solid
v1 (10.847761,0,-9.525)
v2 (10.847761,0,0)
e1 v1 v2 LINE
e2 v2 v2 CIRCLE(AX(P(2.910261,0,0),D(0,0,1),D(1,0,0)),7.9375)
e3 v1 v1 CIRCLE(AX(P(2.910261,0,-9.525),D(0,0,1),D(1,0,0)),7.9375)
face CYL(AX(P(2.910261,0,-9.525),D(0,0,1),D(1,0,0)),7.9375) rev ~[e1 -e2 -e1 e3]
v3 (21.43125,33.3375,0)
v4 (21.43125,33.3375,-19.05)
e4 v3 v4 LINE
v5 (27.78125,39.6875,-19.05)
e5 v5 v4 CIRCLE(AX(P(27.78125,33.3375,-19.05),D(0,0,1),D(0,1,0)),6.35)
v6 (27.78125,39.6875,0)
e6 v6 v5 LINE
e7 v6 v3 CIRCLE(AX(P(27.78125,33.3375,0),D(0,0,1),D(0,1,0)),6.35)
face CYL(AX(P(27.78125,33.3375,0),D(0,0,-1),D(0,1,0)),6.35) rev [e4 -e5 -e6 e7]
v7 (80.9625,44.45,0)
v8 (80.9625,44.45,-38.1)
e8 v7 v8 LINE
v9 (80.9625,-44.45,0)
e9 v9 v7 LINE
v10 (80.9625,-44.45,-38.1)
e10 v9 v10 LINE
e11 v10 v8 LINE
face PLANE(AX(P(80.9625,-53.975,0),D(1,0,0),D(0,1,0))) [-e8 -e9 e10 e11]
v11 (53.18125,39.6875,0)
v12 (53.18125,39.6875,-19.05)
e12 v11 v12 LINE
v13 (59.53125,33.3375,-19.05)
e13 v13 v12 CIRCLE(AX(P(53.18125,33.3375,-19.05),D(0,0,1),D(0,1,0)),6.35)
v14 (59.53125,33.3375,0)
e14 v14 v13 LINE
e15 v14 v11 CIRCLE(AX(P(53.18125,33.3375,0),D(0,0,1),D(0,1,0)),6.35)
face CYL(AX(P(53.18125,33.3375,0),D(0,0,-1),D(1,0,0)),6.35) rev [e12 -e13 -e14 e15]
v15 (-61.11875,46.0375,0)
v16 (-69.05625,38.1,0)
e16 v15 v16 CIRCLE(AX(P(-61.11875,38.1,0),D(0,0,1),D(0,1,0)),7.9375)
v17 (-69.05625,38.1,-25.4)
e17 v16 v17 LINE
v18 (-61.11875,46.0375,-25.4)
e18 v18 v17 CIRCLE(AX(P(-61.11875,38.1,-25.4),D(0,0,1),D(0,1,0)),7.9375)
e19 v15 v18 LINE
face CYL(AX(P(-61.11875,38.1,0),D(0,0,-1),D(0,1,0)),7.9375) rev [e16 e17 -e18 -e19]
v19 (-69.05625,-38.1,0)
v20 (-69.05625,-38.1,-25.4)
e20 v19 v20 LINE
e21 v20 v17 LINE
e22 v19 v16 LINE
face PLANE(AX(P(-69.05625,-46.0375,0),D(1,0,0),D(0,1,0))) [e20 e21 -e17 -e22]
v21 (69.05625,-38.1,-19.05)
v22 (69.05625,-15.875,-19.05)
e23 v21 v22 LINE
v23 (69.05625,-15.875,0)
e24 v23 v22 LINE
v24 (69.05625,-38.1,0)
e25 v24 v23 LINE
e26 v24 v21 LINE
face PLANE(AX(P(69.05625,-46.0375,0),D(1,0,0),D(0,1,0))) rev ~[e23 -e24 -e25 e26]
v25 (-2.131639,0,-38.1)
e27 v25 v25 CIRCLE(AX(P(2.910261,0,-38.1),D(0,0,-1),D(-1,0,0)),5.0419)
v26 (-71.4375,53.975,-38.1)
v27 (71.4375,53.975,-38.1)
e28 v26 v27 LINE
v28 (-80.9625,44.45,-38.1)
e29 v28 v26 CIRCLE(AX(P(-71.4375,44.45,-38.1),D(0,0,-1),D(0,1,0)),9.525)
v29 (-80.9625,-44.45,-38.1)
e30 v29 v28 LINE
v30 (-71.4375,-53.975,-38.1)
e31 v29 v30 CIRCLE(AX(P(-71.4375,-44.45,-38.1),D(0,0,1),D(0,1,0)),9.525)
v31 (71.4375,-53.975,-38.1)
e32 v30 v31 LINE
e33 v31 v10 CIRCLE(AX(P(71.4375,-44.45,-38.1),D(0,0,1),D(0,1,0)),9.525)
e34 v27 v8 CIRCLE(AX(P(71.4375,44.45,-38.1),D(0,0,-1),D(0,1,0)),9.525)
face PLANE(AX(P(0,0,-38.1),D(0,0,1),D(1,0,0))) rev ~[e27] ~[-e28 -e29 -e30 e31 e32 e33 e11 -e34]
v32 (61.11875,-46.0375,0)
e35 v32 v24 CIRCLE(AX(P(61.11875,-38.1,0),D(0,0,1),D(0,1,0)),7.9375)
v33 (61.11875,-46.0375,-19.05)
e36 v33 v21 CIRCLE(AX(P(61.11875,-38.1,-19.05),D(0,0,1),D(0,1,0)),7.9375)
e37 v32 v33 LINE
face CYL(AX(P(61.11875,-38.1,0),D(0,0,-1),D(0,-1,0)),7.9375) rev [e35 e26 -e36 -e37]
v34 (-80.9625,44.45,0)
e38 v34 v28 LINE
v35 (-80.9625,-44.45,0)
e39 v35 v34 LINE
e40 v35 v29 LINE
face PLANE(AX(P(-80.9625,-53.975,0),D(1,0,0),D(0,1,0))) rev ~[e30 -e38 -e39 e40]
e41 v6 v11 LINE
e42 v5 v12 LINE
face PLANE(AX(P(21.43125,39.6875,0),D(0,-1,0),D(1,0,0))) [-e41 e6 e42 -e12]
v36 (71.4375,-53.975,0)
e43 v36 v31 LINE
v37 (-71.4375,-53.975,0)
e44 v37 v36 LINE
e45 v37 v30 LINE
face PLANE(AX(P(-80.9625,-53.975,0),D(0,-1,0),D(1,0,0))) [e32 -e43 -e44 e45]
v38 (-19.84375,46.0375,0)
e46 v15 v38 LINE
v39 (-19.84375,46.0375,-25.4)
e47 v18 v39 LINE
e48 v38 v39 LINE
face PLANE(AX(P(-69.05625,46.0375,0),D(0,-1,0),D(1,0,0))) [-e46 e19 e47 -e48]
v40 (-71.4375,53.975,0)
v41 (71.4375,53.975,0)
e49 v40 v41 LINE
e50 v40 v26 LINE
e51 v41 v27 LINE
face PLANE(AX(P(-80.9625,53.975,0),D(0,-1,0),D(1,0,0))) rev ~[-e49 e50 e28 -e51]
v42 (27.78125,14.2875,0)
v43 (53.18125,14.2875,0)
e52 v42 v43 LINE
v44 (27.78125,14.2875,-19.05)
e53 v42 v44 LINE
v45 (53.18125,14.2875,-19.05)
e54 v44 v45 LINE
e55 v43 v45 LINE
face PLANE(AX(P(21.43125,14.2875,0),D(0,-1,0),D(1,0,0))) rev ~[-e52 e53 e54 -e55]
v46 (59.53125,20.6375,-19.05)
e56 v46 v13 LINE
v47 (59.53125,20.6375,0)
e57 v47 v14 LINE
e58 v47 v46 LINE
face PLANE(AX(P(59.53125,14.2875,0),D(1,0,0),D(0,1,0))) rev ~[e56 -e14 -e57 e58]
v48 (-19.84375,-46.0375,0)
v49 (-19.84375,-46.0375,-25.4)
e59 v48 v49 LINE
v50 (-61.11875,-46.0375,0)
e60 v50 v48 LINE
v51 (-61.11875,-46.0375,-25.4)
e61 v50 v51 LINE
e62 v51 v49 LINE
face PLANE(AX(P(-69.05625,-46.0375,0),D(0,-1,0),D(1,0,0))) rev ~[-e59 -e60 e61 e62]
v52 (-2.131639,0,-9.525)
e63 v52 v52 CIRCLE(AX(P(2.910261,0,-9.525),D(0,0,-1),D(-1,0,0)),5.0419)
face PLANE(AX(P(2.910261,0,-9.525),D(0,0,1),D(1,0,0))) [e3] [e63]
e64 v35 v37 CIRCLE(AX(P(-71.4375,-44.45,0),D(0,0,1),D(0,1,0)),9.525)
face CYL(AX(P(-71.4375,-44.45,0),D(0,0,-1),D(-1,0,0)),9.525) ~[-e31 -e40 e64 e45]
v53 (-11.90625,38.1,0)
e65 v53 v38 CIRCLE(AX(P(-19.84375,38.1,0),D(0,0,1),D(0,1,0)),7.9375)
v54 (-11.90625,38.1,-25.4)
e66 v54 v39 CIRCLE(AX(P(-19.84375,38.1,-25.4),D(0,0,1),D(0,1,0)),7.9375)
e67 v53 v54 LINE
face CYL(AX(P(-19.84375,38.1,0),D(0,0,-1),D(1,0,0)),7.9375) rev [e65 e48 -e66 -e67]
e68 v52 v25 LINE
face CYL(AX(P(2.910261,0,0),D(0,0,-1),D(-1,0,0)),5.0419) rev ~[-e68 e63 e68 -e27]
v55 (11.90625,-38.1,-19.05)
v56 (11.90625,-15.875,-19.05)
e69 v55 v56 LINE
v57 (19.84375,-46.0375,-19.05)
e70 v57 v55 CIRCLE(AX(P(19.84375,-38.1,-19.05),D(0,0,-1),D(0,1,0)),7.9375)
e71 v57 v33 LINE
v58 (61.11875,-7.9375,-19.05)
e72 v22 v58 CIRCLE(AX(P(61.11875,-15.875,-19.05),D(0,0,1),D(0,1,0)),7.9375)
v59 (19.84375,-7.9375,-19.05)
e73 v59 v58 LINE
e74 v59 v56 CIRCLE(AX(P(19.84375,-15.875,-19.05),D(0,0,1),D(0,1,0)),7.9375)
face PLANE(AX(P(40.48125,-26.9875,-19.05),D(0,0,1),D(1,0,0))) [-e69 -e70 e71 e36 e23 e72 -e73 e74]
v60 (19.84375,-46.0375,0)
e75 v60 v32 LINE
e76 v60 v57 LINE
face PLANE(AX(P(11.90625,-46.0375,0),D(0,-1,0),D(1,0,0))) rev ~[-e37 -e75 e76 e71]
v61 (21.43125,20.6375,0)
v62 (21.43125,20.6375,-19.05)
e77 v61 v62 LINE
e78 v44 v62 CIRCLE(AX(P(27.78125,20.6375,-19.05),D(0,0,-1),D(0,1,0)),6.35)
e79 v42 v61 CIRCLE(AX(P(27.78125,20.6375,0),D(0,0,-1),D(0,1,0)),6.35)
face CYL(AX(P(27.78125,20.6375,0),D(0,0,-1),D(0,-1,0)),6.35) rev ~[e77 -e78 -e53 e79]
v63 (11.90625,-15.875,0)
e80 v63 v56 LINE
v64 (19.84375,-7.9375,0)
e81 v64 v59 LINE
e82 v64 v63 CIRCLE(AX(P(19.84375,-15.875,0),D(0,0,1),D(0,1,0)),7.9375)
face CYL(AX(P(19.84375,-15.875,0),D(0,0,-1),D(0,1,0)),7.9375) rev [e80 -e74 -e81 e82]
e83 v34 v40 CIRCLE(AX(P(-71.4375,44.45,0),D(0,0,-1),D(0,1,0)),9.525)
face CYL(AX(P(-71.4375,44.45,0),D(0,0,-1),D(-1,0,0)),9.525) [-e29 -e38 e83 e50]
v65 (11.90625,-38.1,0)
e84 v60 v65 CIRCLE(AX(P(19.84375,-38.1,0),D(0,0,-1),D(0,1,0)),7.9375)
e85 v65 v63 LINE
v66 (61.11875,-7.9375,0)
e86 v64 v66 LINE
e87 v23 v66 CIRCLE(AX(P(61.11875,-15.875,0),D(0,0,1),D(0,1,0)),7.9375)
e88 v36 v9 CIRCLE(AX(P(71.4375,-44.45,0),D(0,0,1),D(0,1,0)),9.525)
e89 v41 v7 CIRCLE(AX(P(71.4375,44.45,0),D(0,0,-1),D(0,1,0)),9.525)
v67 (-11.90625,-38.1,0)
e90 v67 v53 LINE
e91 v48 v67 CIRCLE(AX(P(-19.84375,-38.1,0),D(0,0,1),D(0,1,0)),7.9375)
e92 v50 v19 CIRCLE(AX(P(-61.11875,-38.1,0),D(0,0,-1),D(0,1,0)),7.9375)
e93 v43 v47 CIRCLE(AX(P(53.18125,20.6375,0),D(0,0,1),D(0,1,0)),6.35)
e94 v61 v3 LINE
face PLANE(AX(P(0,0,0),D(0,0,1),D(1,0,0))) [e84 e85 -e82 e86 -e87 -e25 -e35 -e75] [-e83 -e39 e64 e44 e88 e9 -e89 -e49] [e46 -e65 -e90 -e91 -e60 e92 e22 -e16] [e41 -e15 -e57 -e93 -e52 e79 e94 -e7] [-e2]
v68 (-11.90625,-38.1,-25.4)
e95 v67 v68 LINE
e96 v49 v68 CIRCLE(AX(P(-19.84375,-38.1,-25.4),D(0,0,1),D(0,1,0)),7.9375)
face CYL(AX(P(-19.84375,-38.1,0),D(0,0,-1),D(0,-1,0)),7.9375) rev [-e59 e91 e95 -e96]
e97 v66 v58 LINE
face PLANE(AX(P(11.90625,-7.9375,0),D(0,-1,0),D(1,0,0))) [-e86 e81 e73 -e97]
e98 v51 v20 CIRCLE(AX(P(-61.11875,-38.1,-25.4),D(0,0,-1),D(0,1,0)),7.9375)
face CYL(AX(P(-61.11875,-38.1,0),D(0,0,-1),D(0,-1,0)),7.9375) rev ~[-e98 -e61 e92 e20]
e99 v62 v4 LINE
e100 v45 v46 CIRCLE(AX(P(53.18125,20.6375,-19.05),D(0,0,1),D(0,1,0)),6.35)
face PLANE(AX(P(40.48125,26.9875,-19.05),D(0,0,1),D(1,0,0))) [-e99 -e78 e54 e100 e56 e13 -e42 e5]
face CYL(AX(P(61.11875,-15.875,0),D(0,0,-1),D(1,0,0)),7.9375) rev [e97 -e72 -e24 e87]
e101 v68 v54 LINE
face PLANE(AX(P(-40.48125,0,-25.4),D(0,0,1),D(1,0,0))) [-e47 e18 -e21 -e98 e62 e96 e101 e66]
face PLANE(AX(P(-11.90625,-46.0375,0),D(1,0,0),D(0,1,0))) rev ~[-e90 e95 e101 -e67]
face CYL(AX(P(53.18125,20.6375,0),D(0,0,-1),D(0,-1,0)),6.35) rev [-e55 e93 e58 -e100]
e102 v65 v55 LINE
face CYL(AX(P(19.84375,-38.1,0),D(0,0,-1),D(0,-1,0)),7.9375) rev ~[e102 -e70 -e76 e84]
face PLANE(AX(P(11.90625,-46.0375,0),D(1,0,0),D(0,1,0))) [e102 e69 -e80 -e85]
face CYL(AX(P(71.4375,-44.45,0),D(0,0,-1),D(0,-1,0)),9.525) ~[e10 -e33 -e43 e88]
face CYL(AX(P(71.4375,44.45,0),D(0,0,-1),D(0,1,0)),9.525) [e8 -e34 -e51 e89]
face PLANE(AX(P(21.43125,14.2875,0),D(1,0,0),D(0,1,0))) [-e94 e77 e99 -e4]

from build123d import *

# Parameters (mm, degrees)
SKETCH1_W                                        = 161.925
SKETCH1_H                                        = 107.95
BOSS_EXTRUDE1_DEPTH                              = 38.1
SKETCH2_W                                        = 57.15
SKETCH2_H                                        = 92.075
CUT_EXTRUDE1_DEPTH                               = 25.4
FILLET1_R                                        = 7.9375
SKETCH3_W                                        = 57.15
SKETCH3_H                                        = 38.1
SKETCH3_W_2                                      = 38.1
SKETCH3_H_2                                      = 25.4
CUT_EXTRUDE2_DEPTH                               = 19.05
FILLET2_R                                        = 6.35
FILLET3_R                                        = 7.9375
FILLET4_R                                        = 9.525
CBORE_FOR_3_8_SOCKET_HEAD_CAP_SCREW1_D           = 10.0838
CBORE_FOR_3_8_SOCKET_HEAD_CAP_SCREW1_CBORE_D     = 15.875
CBORE_FOR_3_8_SOCKET_HEAD_CAP_SCREW1_CBORE_DEPTH = 9.525


with BuildPart() as part:
    # Sketch1 → Boss-Extrude1 (new body)
    with BuildSketch(Plane.XY):
        Rectangle(SKETCH1_W, SKETCH1_H)
    extrude(amount=-BOSS_EXTRUDE1_DEPTH)

    # Sketch2 → Cut-Extrude1 (cut)
    with BuildSketch(Plane.XY):
        with Locations((-40.48125, 0)):
            Rectangle(SKETCH2_W, SKETCH2_H)
    extrude(amount=-CUT_EXTRUDE1_DEPTH, mode=Mode.SUBTRACT)

    # Fillet1
    fillet1_edges = [part.edges().sort_by_distance(p)[0] for p in [
        (-11.90625, 46.0375, -12.7),
        (-11.90625, -46.0375, -12.7),
        (-69.05625, -46.0375, -12.7),
        (-69.05625, 46.0375, -12.7),
    ]]
    fillet(fillet1_edges, radius=FILLET1_R)

    # Sketch3 → Cut-Extrude2 (cut)
    with BuildSketch(Plane.XY):
        with Locations((40.48125, -26.9875)):
            Rectangle(SKETCH3_W, SKETCH3_H)
        with Locations((40.48125, 26.9875)):
            Rectangle(SKETCH3_W_2, SKETCH3_H_2)
    extrude(amount=-CUT_EXTRUDE2_DEPTH, mode=Mode.SUBTRACT)

    # Fillet2
    fillet2_edges = [part.edges().sort_by_distance(p)[0] for p in [
        (59.53125, 39.6875, -9.525),
        (59.53125, 14.2875, -9.525),
        (21.43125, 14.2875, -9.525),
        (21.43125, 39.6875, -9.525),
    ]]
    fillet(fillet2_edges, radius=FILLET2_R)

    # Fillet3
    fillet3_edges = [part.edges().sort_by_distance(p)[0] for p in [
        (69.05625, -7.9375, -9.525),
        (69.05625, -46.0375, -9.525),
        (11.90625, -46.0375, -9.525),
        (11.90625, -7.9375, -9.525),
    ]]
    fillet(fillet3_edges, radius=FILLET3_R)

    # Fillet4
    fillet4_edges = [part.edges().sort_by_distance(p)[0] for p in [
        (80.9625, -53.975, -19.05),
        (-80.9625, -53.975, -19.05),
        (-80.9625, 53.975, -19.05),
        (80.9625, 53.975, -19.05),
    ]]
    fillet(fillet4_edges, radius=FILLET4_R)

    # CBORE for 3/8 Socket Head Cap Screw1 (through all)
    with Locations(Plane.XY):
        with Locations((2.910260727, 0)):
            CounterBoreHole(CBORE_FOR_3_8_SOCKET_HEAD_CAP_SCREW1_D / 2, CBORE_FOR_3_8_SOCKET_HEAD_CAP_SCREW1_CBORE_D / 2, CBORE_FOR_3_8_SOCKET_HEAD_CAP_SCREW1_CBORE_DEPTH)


solid = part.part
